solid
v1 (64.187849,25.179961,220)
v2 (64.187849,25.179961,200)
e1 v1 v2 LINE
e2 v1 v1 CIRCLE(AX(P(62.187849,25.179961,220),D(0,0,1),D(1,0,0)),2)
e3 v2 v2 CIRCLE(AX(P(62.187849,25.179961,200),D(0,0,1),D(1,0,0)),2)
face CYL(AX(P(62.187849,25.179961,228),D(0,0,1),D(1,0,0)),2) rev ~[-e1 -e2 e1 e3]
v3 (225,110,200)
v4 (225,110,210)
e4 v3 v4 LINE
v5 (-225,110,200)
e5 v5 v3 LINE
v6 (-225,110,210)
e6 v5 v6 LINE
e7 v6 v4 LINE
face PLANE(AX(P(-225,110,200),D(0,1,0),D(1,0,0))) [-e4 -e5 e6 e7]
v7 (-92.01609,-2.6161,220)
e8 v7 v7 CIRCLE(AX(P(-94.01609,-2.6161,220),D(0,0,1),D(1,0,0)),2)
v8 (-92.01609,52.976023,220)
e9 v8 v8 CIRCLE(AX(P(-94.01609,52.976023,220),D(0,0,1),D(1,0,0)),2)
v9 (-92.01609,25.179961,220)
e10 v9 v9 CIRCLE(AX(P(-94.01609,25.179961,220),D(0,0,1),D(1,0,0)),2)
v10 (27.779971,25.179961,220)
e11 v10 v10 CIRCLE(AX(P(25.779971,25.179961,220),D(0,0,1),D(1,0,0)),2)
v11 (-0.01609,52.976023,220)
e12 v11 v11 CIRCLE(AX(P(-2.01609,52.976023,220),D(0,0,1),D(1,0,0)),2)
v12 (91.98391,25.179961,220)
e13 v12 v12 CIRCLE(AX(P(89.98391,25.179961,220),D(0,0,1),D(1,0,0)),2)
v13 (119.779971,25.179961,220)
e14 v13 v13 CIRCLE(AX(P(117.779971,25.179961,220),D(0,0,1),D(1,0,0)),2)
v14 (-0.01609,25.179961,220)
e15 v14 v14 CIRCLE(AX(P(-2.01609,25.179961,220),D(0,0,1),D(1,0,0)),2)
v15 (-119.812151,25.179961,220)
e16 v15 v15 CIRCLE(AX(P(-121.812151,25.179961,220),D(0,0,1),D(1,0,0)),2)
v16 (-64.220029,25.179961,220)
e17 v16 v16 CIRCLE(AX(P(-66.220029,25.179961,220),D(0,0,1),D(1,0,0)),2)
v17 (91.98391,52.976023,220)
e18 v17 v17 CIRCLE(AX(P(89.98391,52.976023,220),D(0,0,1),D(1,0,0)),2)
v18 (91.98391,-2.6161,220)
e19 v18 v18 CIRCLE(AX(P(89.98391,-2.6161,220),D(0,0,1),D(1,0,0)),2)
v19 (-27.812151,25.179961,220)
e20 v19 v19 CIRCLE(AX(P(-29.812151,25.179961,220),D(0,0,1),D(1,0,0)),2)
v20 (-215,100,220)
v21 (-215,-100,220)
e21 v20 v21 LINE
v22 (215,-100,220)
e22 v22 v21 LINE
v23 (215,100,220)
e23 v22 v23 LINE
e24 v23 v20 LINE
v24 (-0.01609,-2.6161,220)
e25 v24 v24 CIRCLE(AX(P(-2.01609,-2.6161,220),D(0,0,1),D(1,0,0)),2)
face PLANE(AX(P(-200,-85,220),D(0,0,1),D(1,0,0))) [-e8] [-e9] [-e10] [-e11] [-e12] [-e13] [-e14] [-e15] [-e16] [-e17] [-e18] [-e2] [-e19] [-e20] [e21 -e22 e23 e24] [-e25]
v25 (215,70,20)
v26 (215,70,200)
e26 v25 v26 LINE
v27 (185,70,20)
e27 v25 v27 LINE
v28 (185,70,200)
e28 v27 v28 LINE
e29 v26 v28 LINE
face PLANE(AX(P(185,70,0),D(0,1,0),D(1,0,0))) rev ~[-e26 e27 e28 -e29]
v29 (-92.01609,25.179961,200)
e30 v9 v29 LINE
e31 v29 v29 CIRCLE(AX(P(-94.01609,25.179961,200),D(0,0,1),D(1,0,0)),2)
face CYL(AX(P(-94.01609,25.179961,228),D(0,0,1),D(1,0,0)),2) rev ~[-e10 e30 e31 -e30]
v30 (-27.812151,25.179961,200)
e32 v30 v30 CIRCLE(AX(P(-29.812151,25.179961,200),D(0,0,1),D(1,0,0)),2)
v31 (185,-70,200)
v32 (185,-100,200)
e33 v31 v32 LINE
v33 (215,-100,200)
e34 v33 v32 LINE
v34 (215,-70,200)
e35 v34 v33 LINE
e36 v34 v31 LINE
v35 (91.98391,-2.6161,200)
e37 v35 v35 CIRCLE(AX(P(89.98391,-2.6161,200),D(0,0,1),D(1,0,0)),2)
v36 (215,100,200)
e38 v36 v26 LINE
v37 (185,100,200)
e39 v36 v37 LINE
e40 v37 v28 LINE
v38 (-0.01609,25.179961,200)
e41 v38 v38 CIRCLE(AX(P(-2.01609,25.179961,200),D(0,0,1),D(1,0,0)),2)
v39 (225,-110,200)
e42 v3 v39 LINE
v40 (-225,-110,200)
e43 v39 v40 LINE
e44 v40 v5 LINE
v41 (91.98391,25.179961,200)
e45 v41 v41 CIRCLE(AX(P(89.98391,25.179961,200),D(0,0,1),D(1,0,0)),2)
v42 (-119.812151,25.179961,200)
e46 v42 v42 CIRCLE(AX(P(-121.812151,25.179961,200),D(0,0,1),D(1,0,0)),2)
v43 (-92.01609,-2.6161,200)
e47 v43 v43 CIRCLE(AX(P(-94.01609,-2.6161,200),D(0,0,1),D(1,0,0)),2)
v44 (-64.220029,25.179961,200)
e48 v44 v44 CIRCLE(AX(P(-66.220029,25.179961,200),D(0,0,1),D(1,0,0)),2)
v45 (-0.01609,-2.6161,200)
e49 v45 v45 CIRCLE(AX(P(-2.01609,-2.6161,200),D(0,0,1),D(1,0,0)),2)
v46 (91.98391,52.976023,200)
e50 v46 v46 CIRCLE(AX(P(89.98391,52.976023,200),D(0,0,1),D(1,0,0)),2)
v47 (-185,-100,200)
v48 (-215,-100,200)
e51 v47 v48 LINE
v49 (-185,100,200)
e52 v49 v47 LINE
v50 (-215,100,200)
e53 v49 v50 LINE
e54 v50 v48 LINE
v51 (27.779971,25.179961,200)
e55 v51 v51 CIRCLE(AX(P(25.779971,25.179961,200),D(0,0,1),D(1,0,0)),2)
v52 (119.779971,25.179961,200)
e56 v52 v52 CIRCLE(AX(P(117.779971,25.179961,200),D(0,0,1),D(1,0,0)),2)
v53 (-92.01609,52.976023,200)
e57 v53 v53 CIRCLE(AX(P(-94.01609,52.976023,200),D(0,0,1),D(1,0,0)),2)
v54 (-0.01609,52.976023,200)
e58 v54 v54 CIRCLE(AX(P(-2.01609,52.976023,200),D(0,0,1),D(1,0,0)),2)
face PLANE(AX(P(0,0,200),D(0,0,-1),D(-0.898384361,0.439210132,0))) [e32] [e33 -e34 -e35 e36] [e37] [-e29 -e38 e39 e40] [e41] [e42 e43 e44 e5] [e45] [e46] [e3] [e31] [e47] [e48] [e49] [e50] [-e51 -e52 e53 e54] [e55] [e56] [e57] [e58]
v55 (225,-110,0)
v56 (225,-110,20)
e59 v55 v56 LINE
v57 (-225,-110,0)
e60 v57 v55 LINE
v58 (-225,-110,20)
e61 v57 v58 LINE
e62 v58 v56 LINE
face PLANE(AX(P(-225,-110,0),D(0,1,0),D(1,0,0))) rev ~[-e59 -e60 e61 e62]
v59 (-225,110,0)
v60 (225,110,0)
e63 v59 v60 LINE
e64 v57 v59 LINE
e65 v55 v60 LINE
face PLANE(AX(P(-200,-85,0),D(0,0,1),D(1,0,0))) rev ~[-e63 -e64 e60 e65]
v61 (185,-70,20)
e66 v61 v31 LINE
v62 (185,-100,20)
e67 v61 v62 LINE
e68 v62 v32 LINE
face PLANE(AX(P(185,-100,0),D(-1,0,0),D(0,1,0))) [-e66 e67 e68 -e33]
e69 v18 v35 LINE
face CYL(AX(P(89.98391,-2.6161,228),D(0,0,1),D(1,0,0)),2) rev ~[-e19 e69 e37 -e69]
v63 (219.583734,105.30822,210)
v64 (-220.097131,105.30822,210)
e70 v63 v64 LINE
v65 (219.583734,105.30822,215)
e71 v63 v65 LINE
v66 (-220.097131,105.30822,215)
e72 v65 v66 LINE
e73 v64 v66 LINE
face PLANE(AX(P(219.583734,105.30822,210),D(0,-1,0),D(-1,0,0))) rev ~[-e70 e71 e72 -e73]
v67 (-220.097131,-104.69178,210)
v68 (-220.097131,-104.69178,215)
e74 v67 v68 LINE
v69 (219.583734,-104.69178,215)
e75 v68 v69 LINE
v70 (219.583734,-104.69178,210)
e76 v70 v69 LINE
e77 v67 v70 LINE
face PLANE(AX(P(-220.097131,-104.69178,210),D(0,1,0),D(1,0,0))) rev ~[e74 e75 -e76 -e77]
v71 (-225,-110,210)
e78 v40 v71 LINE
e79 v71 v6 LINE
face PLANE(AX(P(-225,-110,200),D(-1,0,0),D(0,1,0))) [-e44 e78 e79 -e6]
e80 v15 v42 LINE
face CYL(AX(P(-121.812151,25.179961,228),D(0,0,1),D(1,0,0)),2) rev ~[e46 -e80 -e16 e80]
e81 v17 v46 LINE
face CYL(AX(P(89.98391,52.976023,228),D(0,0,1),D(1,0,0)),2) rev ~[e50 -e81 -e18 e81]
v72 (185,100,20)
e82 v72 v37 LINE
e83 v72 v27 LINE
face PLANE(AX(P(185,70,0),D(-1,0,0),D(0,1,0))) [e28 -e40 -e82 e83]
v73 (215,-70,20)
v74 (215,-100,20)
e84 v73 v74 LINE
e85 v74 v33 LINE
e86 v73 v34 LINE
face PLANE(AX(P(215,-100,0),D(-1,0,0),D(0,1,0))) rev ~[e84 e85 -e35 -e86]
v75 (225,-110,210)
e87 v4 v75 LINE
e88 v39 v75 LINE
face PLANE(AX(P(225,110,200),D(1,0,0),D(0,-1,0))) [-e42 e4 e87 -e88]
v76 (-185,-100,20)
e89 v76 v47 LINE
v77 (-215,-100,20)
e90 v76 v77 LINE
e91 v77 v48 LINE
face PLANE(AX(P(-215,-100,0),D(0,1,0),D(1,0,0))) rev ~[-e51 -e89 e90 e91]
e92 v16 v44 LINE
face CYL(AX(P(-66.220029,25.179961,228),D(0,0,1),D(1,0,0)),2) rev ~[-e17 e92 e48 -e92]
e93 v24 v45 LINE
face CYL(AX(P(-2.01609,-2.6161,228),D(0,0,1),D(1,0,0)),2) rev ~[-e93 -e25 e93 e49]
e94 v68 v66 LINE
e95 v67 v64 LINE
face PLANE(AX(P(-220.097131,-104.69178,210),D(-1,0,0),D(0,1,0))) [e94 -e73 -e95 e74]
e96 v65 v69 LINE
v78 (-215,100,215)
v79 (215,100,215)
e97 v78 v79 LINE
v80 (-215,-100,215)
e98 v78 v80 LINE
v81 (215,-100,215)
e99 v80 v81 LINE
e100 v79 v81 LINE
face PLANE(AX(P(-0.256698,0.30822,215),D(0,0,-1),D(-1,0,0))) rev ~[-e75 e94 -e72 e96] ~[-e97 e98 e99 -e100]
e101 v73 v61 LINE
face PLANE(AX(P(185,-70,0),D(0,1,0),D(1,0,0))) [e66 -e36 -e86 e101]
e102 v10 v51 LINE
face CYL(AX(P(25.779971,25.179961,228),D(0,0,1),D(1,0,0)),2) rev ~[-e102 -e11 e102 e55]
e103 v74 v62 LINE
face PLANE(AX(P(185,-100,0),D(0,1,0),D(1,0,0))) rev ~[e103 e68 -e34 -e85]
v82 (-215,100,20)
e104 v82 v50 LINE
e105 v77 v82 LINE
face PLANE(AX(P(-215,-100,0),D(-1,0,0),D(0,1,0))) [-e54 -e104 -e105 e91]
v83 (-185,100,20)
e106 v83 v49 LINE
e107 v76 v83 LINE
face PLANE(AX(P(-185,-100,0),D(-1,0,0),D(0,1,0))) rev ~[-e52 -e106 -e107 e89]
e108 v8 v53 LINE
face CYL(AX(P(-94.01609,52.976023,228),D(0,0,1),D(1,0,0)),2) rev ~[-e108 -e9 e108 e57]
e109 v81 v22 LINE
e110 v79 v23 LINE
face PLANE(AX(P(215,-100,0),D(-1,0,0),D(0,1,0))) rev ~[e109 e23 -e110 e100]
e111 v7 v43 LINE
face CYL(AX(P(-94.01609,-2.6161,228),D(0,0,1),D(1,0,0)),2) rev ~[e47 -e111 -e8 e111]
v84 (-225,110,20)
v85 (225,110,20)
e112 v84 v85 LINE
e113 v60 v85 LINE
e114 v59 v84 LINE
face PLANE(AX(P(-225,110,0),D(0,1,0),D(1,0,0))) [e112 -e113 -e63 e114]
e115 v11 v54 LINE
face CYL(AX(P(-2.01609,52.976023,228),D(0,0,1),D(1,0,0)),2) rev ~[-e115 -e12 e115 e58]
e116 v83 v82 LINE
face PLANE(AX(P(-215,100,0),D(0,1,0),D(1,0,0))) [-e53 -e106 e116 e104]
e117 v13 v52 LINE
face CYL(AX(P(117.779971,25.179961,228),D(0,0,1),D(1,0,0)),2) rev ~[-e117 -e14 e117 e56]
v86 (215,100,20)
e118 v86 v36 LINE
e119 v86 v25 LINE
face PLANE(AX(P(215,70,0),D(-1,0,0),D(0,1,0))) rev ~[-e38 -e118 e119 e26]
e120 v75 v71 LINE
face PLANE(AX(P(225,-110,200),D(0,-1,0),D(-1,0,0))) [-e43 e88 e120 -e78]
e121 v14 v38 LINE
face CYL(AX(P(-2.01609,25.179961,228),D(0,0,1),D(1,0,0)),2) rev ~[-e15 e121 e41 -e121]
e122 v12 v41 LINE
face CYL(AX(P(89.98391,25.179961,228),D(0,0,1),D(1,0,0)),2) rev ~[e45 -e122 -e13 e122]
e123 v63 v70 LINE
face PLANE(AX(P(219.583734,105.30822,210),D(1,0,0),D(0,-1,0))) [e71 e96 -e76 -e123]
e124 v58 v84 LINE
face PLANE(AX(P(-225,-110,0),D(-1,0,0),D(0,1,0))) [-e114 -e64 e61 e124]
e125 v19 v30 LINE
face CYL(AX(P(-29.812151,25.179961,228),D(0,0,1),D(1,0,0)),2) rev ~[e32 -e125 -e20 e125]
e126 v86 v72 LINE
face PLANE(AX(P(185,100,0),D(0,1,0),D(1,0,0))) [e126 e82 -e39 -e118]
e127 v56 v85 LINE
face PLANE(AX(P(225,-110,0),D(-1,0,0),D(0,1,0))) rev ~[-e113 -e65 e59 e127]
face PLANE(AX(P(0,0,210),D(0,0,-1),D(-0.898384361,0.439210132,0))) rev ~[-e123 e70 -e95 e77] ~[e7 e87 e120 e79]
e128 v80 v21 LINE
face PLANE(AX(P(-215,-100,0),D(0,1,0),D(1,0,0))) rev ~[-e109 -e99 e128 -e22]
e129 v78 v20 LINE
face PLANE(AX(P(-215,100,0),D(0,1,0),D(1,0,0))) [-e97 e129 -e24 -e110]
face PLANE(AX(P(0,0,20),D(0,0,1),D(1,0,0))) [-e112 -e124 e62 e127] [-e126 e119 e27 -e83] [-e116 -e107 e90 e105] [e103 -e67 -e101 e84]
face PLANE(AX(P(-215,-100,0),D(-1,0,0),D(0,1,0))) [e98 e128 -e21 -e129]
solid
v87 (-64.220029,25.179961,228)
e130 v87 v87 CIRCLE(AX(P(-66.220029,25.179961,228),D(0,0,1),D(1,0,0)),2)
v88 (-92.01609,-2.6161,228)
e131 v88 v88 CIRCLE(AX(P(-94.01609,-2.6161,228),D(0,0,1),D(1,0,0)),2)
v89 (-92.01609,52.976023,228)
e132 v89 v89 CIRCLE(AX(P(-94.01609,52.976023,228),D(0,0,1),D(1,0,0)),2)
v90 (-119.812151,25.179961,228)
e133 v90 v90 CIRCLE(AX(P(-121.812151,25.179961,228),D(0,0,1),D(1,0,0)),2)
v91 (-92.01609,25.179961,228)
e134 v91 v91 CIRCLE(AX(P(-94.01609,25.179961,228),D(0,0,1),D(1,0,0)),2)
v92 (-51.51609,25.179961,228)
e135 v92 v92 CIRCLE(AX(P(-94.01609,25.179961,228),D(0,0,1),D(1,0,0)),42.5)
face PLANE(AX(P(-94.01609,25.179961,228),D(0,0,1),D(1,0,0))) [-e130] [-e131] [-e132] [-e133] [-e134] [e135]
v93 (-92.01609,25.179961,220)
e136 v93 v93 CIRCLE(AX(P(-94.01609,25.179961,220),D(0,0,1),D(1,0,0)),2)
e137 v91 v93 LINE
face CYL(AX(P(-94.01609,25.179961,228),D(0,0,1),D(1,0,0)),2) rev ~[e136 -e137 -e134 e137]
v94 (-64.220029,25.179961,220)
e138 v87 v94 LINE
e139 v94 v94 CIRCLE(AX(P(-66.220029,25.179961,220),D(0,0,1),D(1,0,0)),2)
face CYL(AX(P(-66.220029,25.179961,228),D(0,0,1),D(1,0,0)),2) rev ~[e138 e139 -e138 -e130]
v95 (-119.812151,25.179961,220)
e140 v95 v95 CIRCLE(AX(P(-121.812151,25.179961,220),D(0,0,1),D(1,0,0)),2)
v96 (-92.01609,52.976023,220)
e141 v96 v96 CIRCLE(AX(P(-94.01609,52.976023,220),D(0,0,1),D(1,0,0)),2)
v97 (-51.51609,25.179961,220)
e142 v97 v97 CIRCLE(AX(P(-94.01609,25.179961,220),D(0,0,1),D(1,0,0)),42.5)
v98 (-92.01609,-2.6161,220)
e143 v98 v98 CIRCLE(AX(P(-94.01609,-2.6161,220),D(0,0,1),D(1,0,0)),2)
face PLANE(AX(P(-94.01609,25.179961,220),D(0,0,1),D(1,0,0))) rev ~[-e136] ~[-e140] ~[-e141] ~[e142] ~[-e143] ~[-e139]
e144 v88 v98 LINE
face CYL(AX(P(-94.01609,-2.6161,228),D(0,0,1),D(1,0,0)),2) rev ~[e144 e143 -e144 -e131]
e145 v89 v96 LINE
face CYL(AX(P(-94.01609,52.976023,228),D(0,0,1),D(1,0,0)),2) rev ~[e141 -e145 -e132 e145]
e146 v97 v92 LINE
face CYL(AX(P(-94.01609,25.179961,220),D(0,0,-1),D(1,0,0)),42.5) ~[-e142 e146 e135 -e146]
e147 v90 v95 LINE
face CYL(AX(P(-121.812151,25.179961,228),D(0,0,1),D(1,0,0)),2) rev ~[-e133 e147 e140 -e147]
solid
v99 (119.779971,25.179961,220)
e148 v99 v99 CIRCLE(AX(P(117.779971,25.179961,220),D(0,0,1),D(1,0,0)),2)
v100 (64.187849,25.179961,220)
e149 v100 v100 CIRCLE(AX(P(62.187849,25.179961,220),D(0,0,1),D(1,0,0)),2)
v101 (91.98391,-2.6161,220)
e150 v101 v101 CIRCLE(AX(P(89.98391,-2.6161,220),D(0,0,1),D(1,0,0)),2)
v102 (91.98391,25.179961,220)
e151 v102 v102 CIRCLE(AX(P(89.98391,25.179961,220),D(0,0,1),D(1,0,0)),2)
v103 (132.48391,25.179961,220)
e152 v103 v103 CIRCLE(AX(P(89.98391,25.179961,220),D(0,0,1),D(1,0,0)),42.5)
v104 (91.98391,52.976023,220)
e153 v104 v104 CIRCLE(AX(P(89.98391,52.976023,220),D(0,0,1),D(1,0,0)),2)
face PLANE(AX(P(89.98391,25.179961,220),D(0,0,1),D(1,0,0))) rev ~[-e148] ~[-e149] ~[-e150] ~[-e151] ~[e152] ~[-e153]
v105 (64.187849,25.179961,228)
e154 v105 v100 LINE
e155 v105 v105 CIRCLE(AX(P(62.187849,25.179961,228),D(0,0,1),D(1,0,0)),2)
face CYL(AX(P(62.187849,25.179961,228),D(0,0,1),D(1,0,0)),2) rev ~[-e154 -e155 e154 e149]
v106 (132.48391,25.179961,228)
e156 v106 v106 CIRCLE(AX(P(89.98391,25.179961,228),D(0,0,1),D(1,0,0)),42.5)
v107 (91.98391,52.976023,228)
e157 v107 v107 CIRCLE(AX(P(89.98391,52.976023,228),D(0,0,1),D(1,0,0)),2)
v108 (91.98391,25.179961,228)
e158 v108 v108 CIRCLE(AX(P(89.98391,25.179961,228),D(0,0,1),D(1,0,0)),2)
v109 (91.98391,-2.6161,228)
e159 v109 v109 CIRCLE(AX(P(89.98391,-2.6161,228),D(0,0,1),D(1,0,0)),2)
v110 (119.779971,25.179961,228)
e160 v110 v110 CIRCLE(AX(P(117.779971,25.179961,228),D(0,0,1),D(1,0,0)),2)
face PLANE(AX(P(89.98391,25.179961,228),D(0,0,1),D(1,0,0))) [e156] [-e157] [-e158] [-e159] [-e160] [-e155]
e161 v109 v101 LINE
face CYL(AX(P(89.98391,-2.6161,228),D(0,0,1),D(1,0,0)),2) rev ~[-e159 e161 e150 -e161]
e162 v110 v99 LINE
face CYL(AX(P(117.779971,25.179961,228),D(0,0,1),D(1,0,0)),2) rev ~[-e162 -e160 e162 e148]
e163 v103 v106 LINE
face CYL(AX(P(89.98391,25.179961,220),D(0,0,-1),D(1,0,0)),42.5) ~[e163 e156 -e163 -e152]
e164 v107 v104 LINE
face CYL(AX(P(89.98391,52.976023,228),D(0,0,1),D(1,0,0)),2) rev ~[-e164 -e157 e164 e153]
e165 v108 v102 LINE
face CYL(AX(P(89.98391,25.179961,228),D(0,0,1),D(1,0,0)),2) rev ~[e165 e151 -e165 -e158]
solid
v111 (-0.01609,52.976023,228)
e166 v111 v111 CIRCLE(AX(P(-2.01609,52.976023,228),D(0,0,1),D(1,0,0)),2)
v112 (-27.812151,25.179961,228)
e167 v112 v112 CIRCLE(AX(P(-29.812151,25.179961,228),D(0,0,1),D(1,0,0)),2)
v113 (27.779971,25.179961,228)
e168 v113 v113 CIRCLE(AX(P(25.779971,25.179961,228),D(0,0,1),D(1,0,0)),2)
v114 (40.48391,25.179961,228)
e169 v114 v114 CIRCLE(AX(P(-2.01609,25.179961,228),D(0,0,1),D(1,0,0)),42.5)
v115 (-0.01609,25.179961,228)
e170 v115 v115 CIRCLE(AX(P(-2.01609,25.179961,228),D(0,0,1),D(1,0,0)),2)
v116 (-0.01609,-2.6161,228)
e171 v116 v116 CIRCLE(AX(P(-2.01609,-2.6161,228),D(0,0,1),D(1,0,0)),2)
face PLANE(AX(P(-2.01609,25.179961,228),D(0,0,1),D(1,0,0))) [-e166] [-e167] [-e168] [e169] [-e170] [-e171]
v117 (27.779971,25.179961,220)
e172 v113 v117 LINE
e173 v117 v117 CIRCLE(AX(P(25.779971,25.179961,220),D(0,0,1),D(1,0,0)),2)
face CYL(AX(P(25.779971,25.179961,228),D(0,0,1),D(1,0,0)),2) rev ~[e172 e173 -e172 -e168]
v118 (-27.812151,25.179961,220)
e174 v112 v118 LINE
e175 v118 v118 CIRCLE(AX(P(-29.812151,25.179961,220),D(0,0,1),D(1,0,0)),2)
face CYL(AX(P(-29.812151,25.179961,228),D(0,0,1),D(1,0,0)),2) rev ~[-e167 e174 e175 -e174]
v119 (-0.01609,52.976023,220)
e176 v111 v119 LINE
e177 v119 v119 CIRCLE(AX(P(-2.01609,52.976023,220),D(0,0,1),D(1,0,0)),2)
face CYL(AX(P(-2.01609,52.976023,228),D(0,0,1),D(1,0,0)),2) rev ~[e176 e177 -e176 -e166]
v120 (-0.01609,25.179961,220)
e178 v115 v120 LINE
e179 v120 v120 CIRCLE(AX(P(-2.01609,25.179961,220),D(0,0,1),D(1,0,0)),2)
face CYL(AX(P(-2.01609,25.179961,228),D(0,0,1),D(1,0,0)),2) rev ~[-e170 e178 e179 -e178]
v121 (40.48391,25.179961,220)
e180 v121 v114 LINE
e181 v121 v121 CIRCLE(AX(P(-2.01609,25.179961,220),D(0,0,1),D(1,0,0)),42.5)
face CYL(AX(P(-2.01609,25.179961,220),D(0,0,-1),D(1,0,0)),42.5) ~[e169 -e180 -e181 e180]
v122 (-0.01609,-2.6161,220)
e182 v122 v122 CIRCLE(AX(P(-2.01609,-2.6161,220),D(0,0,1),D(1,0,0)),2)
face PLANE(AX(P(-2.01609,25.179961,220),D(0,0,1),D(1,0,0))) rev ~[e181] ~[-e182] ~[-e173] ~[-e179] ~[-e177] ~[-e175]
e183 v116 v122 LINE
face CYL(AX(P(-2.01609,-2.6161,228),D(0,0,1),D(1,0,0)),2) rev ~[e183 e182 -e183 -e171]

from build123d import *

# Parameters (mm, degrees)
SKETCH1_W                = 450
SKETCH1_H                = 220
BOSS_EXTRUDE2_DEPTH      = 20
BOSS_EXTRUDE3_DEPTH      = 200
BOSS_EXTRUDE3_DEPTH_BACK = 20
SKETCH4_W                = 30
SKETCH4_H                = 30
BOSS_EXTRUDE4_DEPTH      = 10
BOSS_EXTRUDE5_DEPTH      = 5
SKETCH9_R                = 42.5
BOSS_EXTRUDE7_DEPTH      = 8
BOSS_EXTRUDE7_2_DEPTH    = 8
BOSS_EXTRUDE7_3_DEPTH    = 8
SKETCH14_W               = 180
SKETCH14_H               = 200
BOSS_EXTRUDE9_DEPTH      = 30
SKETCH16_W               = 430
SKETCH16_H               = 200
BOSS_EXTRUDE10_DEPTH     = 5
SKETCH15_R               = 2
CUT_EXTRUDE2_DEPTH       = 125


with BuildPart() as part:
    # Sketch1 → Boss-Extrude2 (new body)
    with BuildSketch(Plane.XY):
        Rectangle(SKETCH1_W, SKETCH1_H)
    extrude(amount=BOSS_EXTRUDE2_DEPTH)

    # Sketch4 → Boss-Extrude3 (add, two sides: drawn at the far end of the back side and taken through both)
    with BuildSketch(Plane.XY.offset(20).offset(-BOSS_EXTRUDE3_DEPTH_BACK)):
        with Locations((-200, -85)):
            Rectangle(SKETCH4_W, SKETCH4_H)
        with Locations((200, -85)):
            Rectangle(SKETCH4_W, SKETCH4_H)
        with Locations((200, 85)):
            Rectangle(SKETCH4_W, SKETCH4_H)
        with Locations((-200, 85)):
            Rectangle(SKETCH4_W, SKETCH4_H)
    extrude(amount=BOSS_EXTRUDE3_DEPTH + BOSS_EXTRUDE3_DEPTH_BACK)

    # 3DSketch1 → Boss-Extrude4 (add)
    with BuildSketch(Plane(origin=(-225, 110, 200), x_dir=(0.8983843609192008, -0.43921013200494263, 0), z_dir=(0, 0, 1))):
        Polygon((0, 0), (404.272962414, 197.644559402), (500.899191455, 0), (96.626229041, -197.644559402), align=None)
    extrude(amount=BOSS_EXTRUDE4_DEPTH)

    # Sketch6 → Boss-Extrude5 (add)
    with BuildSketch(Plane.XY.offset(210)):
        Polygon((89.902869194, 105.308220181), (219.583734221, 105.308220181), (219.583734221, -104.691779819), (89.902869194, -104.691779819), (-220.097130806, -104.691779819), (-220.097130806, 105.308220181), align=None)
    extrude(amount=BOSS_EXTRUDE5_DEPTH)

    # Sketch14 → Boss-Extrude9 (add)
    with BuildSketch(Plane.ZY.offset(215)):
        with Locations((110, 0)):
            Rectangle(SKETCH14_W, SKETCH14_H)
    extrude(amount=-BOSS_EXTRUDE9_DEPTH)

    # Sketch16 → Boss-Extrude10 (add)
    with BuildSketch(Plane.XY.offset(215)):
        Rectangle(SKETCH16_W, SKETCH16_H)
    extrude(amount=BOSS_EXTRUDE10_DEPTH)


with BuildPart() as body_2:
    # Sketch9 → Boss-Extrude7 (new body)
    with BuildSketch(Plane.XY.offset(220)):
        with Locations((-94.016089857, 25.179961457)):
            Circle(SKETCH9_R)
    extrude(amount=BOSS_EXTRUDE7_DEPTH)


with BuildPart() as body_3:
    # Sketch9 → Boss-Extrude7 2 (new body)
    with BuildSketch(Plane.XY.offset(220)):
        with Locations((-2.016089857, 25.179961457)):
            Circle(SKETCH9_R)
    extrude(amount=BOSS_EXTRUDE7_2_DEPTH)


with BuildPart() as body_4:
    # Sketch9 → Boss-Extrude7 3 (new body)
    with BuildSketch(Plane.XY.offset(220)):
        with Locations((89.983910143, 25.179961457)):
            Circle(SKETCH9_R)
    extrude(amount=BOSS_EXTRUDE7_3_DEPTH)


with BuildPart() as cut_extrude2_tool:
    # Sketch15 → Cut-Extrude2 (new body)
    with BuildSketch(Plane.XY.offset(228)):
        with Locations((-94.016089857, 52.976022807)):
            Circle(SKETCH15_R)
        with Locations((-66.220028508, 25.179961457)):
            Circle(SKETCH15_R)
        with Locations((-94.016089857, -2.616099892)):
            Circle(SKETCH15_R)
        with Locations((-121.812151206, 25.179961457)):
            Circle(SKETCH15_R)
        with Locations((-2.016089857, 52.976022807)):
            Circle(SKETCH15_R)
        with Locations((-29.812151206, 25.179961457)):
            Circle(SKETCH15_R)
        with Locations((-2.016089857, -2.616099892)):
            Circle(SKETCH15_R)
        with Locations((25.779971492, 25.179961457)):
            Circle(SKETCH15_R)
        with Locations((89.983910143, 52.976022807)):
            Circle(SKETCH15_R)
        with Locations((62.187848794, 25.179961457)):
            Circle(SKETCH15_R)
        with Locations((89.983910143, -2.616099892)):
            Circle(SKETCH15_R)
        with Locations((117.779971492, 25.179961457)):
            Circle(SKETCH15_R)
        with Locations((-94.016089857, 25.179961457)):
            Circle(SKETCH15_R)
        with Locations((-2.016089857, 25.179961457)):
            Circle(SKETCH15_R)
        with Locations((89.983910143, 25.179961457)):
            Circle(SKETCH15_R)
    extrude(amount=-CUT_EXTRUDE2_DEPTH)


with BuildPart() as part_1:
    add(part.part)

    # Cut-Extrude2: cut by cut_extrude2_tool
    add(cut_extrude2_tool.part, mode=Mode.SUBTRACT)


with BuildPart() as body_2_1:
    add(body_2.part)

    # Cut-Extrude2: cut by cut_extrude2_tool
    add(cut_extrude2_tool.part, mode=Mode.SUBTRACT)


with BuildPart() as body_3_1:
    add(body_3.part)

    # Cut-Extrude2: cut by cut_extrude2_tool
    add(cut_extrude2_tool.part, mode=Mode.SUBTRACT)


with BuildPart() as body_4_1:
    add(body_4.part)

    # Cut-Extrude2: cut by cut_extrude2_tool
    add(cut_extrude2_tool.part, mode=Mode.SUBTRACT)


solid = Compound([part_1.part, body_2_1.part, body_3_1.part, body_4_1.part])
